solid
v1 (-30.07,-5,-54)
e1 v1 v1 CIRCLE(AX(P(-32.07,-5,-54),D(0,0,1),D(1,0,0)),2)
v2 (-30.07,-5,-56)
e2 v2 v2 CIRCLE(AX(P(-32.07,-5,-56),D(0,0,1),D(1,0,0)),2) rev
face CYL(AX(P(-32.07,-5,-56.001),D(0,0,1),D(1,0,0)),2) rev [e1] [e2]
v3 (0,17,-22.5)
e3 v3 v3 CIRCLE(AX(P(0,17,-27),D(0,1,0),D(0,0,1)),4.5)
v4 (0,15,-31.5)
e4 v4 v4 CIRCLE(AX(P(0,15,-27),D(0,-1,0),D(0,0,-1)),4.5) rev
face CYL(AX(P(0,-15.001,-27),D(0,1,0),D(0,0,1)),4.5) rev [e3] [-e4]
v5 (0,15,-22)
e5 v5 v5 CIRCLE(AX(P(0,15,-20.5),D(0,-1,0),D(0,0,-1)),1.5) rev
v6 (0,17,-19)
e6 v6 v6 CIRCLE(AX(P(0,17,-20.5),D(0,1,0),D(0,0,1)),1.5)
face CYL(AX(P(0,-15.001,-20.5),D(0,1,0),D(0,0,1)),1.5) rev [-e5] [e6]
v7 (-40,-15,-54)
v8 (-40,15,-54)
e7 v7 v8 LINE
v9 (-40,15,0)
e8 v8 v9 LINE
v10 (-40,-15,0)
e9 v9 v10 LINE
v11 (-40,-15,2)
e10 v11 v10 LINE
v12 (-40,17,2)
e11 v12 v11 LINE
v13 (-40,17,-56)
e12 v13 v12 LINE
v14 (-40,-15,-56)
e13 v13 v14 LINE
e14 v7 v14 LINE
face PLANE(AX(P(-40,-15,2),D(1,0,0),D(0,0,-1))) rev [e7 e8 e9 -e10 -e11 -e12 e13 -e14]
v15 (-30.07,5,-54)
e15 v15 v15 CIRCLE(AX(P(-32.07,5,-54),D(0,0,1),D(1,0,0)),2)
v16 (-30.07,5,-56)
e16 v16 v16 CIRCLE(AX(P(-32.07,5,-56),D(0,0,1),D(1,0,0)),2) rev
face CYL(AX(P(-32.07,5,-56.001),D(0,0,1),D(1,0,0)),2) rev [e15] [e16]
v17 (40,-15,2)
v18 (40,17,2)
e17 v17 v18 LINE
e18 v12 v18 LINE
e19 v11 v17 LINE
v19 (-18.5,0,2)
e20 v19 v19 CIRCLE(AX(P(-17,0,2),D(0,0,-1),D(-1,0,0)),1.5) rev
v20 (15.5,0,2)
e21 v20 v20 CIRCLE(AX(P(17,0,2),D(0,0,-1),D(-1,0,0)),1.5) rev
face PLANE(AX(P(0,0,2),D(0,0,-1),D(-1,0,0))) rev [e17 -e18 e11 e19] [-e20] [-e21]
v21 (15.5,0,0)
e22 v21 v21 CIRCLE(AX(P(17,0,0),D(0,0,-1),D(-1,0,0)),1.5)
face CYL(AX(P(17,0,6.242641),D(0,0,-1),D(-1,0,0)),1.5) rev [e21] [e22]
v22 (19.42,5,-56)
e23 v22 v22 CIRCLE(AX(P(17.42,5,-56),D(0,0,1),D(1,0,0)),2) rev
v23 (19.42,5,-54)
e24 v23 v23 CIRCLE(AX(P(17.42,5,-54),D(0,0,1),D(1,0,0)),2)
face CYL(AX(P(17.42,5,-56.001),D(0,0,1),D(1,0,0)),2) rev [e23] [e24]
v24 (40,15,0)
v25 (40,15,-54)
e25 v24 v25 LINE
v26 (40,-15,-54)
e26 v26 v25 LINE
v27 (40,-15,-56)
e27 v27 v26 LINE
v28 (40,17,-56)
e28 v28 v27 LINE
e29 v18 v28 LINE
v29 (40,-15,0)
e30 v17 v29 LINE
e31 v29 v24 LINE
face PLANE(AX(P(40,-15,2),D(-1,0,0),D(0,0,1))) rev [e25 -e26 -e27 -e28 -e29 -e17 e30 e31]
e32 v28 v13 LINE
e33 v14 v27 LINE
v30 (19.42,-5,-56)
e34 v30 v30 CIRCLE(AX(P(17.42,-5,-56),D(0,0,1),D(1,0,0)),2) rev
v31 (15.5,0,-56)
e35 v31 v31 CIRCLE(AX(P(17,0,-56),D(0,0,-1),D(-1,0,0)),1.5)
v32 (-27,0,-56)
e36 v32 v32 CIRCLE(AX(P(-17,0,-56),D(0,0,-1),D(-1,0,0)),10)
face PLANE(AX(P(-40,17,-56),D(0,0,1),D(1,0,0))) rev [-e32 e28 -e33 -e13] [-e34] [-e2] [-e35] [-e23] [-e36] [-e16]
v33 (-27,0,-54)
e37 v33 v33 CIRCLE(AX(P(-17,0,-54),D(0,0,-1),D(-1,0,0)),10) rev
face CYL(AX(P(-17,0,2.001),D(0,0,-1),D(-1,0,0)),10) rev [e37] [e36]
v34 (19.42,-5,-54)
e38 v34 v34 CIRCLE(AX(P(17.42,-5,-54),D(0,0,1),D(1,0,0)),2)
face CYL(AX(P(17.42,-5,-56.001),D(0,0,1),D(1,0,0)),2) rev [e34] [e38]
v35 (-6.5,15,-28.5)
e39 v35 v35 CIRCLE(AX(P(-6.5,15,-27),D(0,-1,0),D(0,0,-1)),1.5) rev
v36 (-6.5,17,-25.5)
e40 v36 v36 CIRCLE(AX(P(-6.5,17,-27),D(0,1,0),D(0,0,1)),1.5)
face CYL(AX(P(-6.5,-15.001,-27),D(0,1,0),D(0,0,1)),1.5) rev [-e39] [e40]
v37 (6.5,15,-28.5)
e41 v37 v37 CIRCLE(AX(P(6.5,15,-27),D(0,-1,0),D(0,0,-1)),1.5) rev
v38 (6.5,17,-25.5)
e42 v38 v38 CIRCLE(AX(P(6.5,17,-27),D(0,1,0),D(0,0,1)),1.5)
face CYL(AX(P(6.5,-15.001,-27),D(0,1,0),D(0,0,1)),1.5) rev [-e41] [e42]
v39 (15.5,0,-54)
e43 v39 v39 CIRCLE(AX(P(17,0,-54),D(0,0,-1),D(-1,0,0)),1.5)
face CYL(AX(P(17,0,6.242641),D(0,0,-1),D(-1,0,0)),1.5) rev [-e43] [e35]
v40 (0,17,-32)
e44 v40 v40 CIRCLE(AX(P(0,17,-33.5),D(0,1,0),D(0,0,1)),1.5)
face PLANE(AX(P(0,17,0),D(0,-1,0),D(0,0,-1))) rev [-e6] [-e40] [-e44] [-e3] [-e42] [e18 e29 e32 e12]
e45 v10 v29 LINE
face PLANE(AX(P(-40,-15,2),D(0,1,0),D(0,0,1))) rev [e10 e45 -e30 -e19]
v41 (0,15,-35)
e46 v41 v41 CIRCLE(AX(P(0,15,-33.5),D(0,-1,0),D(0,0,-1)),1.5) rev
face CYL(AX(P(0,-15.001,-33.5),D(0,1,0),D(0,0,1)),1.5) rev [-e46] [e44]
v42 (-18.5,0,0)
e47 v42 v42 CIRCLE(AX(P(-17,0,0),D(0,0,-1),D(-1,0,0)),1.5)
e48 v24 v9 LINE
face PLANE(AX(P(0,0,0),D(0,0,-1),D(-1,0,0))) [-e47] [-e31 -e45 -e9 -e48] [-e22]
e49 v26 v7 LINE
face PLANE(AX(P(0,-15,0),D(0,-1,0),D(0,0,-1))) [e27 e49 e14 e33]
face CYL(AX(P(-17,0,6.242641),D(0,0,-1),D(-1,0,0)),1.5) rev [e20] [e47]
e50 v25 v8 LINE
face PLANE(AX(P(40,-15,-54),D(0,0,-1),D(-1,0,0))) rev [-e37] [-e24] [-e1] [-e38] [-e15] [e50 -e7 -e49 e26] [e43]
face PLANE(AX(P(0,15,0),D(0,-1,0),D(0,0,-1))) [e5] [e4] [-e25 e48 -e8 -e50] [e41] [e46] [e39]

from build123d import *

# Parameters (mm, degrees)
SKETCH_1_W          = 80
SKETCH_1_H          = 30
EXTRUDE_1_DEPTH     = 2
SKETCH_2_W          = 80
SKETCH_2_H          = 58
EXTRUDE_2_DEPTH     = 2
SKETCH_3_W          = 80
SKETCH_3_H          = 2
EXTRUDE_3_DEPTH     = 30
CUT_EXTRUDE_1_REACH = 77.895
SKETCH_5_R          = 4.5
SKETCH_5_R_2        = 1.5
CUT_EXTRUDE_3_REACH = 74.478
SKETCH_6_R          = 1.5
CUT_EXTRUDE_4_REACH = 74.478
SKETCH_7_R          = 10
CUT_EXTRUDE_5_REACH = 72.887
SKETCH_8_R          = 2
CUT_EXTRUDE_6_REACH = 72.887
SKETCH_9_R          = 2


with BuildPart() as part:
    # 草图1 → 凸台-拉伸1 (new body)
    with BuildSketch(Plane.XY):
        Rectangle(SKETCH_1_W, SKETCH_1_H)
    extrude(amount=EXTRUDE_1_DEPTH)

    # 草图2 → 凸台-拉伸2 (add)
    with BuildSketch(Plane(origin=(0, 15, 0), x_dir=(1, 0, 0), z_dir=(0, 1, 0))):
        with Locations((0, 27)):
            Rectangle(SKETCH_2_W, SKETCH_2_H)
    extrude(amount=EXTRUDE_2_DEPTH)

    # 草图3 → 凸台-拉伸3 (add)
    with BuildSketch(Plane.XZ.offset(-15)):
        with Locations((0, -55)):
            Rectangle(SKETCH_3_W, SKETCH_3_H)
    extrude(amount=EXTRUDE_3_DEPTH)

    # 草图5 → 切除-拉伸1 (cut, up to next)
    with BuildSketch(Plane(origin=(0, 17, 0), x_dir=(1, 0, 0), z_dir=(0, 1, 0)), mode=Mode.PRIVATE) as cut_extrude_1_sk1:
        with Locations(Location((0, 27, 0), (0, 0, 270))):
            Circle(SKETCH_5_R)
    cut_extrude_1_tool1 = extrude(cut_extrude_1_sk1.sketch, amount=-CUT_EXTRUDE_1_REACH, mode=Mode.PRIVATE) & part.part
    # 草图5 → 切除-拉伸1 (cut, up to next)
    with BuildSketch(Plane(origin=(0, 17, 0), x_dir=(1, 0, 0), z_dir=(0, 1, 0)), mode=Mode.PRIVATE) as cut_extrude_1_sk2:
        with Locations(Location((-6.5, 27, 0), (0, 0, 270))):
            Circle(SKETCH_5_R_2)
    cut_extrude_1_tool2 = extrude(cut_extrude_1_sk2.sketch, amount=-CUT_EXTRUDE_1_REACH, mode=Mode.PRIVATE) & part.part
    # 草图5 → 切除-拉伸1 (cut, up to next)
    with BuildSketch(Plane(origin=(0, 17, 0), x_dir=(1, 0, 0), z_dir=(0, 1, 0)), mode=Mode.PRIVATE) as cut_extrude_1_sk3:
        with Locations(Location((6.5, 27, 0), (0, 0, 270))):
            Circle(SKETCH_5_R_2)
    cut_extrude_1_tool3 = extrude(cut_extrude_1_sk3.sketch, amount=-CUT_EXTRUDE_1_REACH, mode=Mode.PRIVATE) & part.part
    # 草图5 → 切除-拉伸1 (cut, up to next)
    with BuildSketch(Plane(origin=(0, 17, 0), x_dir=(1, 0, 0), z_dir=(0, 1, 0)), mode=Mode.PRIVATE) as cut_extrude_1_sk4:
        with Locations(Location((0, 33.5, 0), (0, 0, 270))):
            Circle(SKETCH_5_R_2)
    cut_extrude_1_tool4 = extrude(cut_extrude_1_sk4.sketch, amount=-CUT_EXTRUDE_1_REACH, mode=Mode.PRIVATE) & part.part
    # 草图5 → 切除-拉伸1 (cut, up to next)
    with BuildSketch(Plane(origin=(0, 17, 0), x_dir=(1, 0, 0), z_dir=(0, 1, 0)), mode=Mode.PRIVATE) as cut_extrude_1_sk5:
        with Locations(Location((0, 20.5, 0), (0, 0, 270))):
            Circle(SKETCH_5_R_2)
    cut_extrude_1_tool5 = extrude(cut_extrude_1_sk5.sketch, amount=-CUT_EXTRUDE_1_REACH, mode=Mode.PRIVATE) & part.part
    add(cut_extrude_1_tool1.solids().sort_by_distance((0, 17, -27))[0], mode=Mode.SUBTRACT)
    add(cut_extrude_1_tool2.solids().sort_by_distance((-6.5, 17, -27))[0], mode=Mode.SUBTRACT)
    add(cut_extrude_1_tool3.solids().sort_by_distance((6.5, 17, -27))[0], mode=Mode.SUBTRACT)
    add(cut_extrude_1_tool4.solids().sort_by_distance((0, 17, -33.5))[0], mode=Mode.SUBTRACT)
    add(cut_extrude_1_tool5.solids().sort_by_distance((0, 17, -20.5))[0], mode=Mode.SUBTRACT)

    # 切除-拉伸3: up to this face of the body (flat: up to its plane)
    cut_extrude_3_end = Plane(part.part.faces().sort_by_distance((0, 1, 2))[0])
    # 草图6 → 切除-拉伸3 (cut, up to the picked face)
    with BuildSketch(Plane(origin=(0, 0, -56), x_dir=(-1, 0, 0), z_dir=(0, 0, -1)), mode=Mode.PRIVATE) as cut_extrude_3_sk1:
        with Locations((-17, 0)):
            Circle(SKETCH_6_R)
    cut_extrude_3_tool1 = split(extrude(cut_extrude_3_sk1.sketch, amount=-CUT_EXTRUDE_3_REACH, mode=Mode.PRIVATE), bisect_by=cut_extrude_3_end, keep=Keep.BOTH, mode=Mode.PRIVATE)
    # 草图6 → 切除-拉伸3 (cut, up to the picked face)
    with BuildSketch(Plane(origin=(0, 0, -56), x_dir=(-1, 0, 0), z_dir=(0, 0, -1)), mode=Mode.PRIVATE) as cut_extrude_3_sk2:
        with Locations((17, 0)):
            Circle(SKETCH_6_R)
    cut_extrude_3_tool2 = split(extrude(cut_extrude_3_sk2.sketch, amount=-CUT_EXTRUDE_3_REACH, mode=Mode.PRIVATE), bisect_by=cut_extrude_3_end, keep=Keep.BOTH, mode=Mode.PRIVATE)
    add(cut_extrude_3_tool1.solids().sort_by(Axis((17, 0, -56), (0, 0, 1)))[0], mode=Mode.SUBTRACT)
    add(cut_extrude_3_tool2.solids().sort_by(Axis((-17, 0, -56), (0, 0, 1)))[0], mode=Mode.SUBTRACT)

    # 草图7 → 切除-拉伸4 (cut, up to next)
    with BuildSketch(Plane(origin=(0, 0, -56), x_dir=(-1, 0, 0), z_dir=(0, 0, -1)), mode=Mode.PRIVATE) as cut_extrude_4_sk1:
        with Locations((17, 0)):
            Circle(SKETCH_7_R)
    cut_extrude_4_tool1 = extrude(cut_extrude_4_sk1.sketch, amount=-CUT_EXTRUDE_4_REACH, mode=Mode.PRIVATE) & part.part
    add(cut_extrude_4_tool1.solids().sort_by_distance((-17, 0, -56))[0], mode=Mode.SUBTRACT)

    # 草图8 → 切除-拉伸5 (cut, up to next)
    with BuildSketch(Plane.XY.offset(-54), mode=Mode.PRIVATE) as cut_extrude_5_sk1:
        with Locations((17.42, 5)):
            Circle(SKETCH_8_R)
    cut_extrude_5_tool1 = extrude(cut_extrude_5_sk1.sketch, amount=-CUT_EXTRUDE_5_REACH, mode=Mode.PRIVATE) & part.part
    # 草图8 → 切除-拉伸5 (cut, up to next)
    with BuildSketch(Plane.XY.offset(-54), mode=Mode.PRIVATE) as cut_extrude_5_sk2:
        with Locations((17.42, -5)):
            Circle(SKETCH_8_R)
    cut_extrude_5_tool2 = extrude(cut_extrude_5_sk2.sketch, amount=-CUT_EXTRUDE_5_REACH, mode=Mode.PRIVATE) & part.part
    add(cut_extrude_5_tool1.solids().sort_by_distance((17.42, 5, -54))[0], mode=Mode.SUBTRACT)
    add(cut_extrude_5_tool2.solids().sort_by_distance((17.42, -5, -54))[0], mode=Mode.SUBTRACT)

    # 草图9 → 切除-拉伸6 (cut, up to next)
    with BuildSketch(Plane.XY.offset(-54), mode=Mode.PRIVATE) as cut_extrude_6_sk1:
        with Locations((-32.07, 5)):
            Circle(SKETCH_9_R)
    cut_extrude_6_tool1 = extrude(cut_extrude_6_sk1.sketch, amount=-CUT_EXTRUDE_6_REACH, mode=Mode.PRIVATE) & part.part
    # 草图9 → 切除-拉伸6 (cut, up to next)
    with BuildSketch(Plane.XY.offset(-54), mode=Mode.PRIVATE) as cut_extrude_6_sk2:
        with Locations((-32.07, -5)):
            Circle(SKETCH_9_R)
    cut_extrude_6_tool2 = extrude(cut_extrude_6_sk2.sketch, amount=-CUT_EXTRUDE_6_REACH, mode=Mode.PRIVATE) & part.part
    add(cut_extrude_6_tool1.solids().sort_by_distance((-32.07, 5, -54))[0], mode=Mode.SUBTRACT)
    add(cut_extrude_6_tool2.solids().sort_by_distance((-32.07, -5, -54))[0], mode=Mode.SUBTRACT)


solid = part.part
